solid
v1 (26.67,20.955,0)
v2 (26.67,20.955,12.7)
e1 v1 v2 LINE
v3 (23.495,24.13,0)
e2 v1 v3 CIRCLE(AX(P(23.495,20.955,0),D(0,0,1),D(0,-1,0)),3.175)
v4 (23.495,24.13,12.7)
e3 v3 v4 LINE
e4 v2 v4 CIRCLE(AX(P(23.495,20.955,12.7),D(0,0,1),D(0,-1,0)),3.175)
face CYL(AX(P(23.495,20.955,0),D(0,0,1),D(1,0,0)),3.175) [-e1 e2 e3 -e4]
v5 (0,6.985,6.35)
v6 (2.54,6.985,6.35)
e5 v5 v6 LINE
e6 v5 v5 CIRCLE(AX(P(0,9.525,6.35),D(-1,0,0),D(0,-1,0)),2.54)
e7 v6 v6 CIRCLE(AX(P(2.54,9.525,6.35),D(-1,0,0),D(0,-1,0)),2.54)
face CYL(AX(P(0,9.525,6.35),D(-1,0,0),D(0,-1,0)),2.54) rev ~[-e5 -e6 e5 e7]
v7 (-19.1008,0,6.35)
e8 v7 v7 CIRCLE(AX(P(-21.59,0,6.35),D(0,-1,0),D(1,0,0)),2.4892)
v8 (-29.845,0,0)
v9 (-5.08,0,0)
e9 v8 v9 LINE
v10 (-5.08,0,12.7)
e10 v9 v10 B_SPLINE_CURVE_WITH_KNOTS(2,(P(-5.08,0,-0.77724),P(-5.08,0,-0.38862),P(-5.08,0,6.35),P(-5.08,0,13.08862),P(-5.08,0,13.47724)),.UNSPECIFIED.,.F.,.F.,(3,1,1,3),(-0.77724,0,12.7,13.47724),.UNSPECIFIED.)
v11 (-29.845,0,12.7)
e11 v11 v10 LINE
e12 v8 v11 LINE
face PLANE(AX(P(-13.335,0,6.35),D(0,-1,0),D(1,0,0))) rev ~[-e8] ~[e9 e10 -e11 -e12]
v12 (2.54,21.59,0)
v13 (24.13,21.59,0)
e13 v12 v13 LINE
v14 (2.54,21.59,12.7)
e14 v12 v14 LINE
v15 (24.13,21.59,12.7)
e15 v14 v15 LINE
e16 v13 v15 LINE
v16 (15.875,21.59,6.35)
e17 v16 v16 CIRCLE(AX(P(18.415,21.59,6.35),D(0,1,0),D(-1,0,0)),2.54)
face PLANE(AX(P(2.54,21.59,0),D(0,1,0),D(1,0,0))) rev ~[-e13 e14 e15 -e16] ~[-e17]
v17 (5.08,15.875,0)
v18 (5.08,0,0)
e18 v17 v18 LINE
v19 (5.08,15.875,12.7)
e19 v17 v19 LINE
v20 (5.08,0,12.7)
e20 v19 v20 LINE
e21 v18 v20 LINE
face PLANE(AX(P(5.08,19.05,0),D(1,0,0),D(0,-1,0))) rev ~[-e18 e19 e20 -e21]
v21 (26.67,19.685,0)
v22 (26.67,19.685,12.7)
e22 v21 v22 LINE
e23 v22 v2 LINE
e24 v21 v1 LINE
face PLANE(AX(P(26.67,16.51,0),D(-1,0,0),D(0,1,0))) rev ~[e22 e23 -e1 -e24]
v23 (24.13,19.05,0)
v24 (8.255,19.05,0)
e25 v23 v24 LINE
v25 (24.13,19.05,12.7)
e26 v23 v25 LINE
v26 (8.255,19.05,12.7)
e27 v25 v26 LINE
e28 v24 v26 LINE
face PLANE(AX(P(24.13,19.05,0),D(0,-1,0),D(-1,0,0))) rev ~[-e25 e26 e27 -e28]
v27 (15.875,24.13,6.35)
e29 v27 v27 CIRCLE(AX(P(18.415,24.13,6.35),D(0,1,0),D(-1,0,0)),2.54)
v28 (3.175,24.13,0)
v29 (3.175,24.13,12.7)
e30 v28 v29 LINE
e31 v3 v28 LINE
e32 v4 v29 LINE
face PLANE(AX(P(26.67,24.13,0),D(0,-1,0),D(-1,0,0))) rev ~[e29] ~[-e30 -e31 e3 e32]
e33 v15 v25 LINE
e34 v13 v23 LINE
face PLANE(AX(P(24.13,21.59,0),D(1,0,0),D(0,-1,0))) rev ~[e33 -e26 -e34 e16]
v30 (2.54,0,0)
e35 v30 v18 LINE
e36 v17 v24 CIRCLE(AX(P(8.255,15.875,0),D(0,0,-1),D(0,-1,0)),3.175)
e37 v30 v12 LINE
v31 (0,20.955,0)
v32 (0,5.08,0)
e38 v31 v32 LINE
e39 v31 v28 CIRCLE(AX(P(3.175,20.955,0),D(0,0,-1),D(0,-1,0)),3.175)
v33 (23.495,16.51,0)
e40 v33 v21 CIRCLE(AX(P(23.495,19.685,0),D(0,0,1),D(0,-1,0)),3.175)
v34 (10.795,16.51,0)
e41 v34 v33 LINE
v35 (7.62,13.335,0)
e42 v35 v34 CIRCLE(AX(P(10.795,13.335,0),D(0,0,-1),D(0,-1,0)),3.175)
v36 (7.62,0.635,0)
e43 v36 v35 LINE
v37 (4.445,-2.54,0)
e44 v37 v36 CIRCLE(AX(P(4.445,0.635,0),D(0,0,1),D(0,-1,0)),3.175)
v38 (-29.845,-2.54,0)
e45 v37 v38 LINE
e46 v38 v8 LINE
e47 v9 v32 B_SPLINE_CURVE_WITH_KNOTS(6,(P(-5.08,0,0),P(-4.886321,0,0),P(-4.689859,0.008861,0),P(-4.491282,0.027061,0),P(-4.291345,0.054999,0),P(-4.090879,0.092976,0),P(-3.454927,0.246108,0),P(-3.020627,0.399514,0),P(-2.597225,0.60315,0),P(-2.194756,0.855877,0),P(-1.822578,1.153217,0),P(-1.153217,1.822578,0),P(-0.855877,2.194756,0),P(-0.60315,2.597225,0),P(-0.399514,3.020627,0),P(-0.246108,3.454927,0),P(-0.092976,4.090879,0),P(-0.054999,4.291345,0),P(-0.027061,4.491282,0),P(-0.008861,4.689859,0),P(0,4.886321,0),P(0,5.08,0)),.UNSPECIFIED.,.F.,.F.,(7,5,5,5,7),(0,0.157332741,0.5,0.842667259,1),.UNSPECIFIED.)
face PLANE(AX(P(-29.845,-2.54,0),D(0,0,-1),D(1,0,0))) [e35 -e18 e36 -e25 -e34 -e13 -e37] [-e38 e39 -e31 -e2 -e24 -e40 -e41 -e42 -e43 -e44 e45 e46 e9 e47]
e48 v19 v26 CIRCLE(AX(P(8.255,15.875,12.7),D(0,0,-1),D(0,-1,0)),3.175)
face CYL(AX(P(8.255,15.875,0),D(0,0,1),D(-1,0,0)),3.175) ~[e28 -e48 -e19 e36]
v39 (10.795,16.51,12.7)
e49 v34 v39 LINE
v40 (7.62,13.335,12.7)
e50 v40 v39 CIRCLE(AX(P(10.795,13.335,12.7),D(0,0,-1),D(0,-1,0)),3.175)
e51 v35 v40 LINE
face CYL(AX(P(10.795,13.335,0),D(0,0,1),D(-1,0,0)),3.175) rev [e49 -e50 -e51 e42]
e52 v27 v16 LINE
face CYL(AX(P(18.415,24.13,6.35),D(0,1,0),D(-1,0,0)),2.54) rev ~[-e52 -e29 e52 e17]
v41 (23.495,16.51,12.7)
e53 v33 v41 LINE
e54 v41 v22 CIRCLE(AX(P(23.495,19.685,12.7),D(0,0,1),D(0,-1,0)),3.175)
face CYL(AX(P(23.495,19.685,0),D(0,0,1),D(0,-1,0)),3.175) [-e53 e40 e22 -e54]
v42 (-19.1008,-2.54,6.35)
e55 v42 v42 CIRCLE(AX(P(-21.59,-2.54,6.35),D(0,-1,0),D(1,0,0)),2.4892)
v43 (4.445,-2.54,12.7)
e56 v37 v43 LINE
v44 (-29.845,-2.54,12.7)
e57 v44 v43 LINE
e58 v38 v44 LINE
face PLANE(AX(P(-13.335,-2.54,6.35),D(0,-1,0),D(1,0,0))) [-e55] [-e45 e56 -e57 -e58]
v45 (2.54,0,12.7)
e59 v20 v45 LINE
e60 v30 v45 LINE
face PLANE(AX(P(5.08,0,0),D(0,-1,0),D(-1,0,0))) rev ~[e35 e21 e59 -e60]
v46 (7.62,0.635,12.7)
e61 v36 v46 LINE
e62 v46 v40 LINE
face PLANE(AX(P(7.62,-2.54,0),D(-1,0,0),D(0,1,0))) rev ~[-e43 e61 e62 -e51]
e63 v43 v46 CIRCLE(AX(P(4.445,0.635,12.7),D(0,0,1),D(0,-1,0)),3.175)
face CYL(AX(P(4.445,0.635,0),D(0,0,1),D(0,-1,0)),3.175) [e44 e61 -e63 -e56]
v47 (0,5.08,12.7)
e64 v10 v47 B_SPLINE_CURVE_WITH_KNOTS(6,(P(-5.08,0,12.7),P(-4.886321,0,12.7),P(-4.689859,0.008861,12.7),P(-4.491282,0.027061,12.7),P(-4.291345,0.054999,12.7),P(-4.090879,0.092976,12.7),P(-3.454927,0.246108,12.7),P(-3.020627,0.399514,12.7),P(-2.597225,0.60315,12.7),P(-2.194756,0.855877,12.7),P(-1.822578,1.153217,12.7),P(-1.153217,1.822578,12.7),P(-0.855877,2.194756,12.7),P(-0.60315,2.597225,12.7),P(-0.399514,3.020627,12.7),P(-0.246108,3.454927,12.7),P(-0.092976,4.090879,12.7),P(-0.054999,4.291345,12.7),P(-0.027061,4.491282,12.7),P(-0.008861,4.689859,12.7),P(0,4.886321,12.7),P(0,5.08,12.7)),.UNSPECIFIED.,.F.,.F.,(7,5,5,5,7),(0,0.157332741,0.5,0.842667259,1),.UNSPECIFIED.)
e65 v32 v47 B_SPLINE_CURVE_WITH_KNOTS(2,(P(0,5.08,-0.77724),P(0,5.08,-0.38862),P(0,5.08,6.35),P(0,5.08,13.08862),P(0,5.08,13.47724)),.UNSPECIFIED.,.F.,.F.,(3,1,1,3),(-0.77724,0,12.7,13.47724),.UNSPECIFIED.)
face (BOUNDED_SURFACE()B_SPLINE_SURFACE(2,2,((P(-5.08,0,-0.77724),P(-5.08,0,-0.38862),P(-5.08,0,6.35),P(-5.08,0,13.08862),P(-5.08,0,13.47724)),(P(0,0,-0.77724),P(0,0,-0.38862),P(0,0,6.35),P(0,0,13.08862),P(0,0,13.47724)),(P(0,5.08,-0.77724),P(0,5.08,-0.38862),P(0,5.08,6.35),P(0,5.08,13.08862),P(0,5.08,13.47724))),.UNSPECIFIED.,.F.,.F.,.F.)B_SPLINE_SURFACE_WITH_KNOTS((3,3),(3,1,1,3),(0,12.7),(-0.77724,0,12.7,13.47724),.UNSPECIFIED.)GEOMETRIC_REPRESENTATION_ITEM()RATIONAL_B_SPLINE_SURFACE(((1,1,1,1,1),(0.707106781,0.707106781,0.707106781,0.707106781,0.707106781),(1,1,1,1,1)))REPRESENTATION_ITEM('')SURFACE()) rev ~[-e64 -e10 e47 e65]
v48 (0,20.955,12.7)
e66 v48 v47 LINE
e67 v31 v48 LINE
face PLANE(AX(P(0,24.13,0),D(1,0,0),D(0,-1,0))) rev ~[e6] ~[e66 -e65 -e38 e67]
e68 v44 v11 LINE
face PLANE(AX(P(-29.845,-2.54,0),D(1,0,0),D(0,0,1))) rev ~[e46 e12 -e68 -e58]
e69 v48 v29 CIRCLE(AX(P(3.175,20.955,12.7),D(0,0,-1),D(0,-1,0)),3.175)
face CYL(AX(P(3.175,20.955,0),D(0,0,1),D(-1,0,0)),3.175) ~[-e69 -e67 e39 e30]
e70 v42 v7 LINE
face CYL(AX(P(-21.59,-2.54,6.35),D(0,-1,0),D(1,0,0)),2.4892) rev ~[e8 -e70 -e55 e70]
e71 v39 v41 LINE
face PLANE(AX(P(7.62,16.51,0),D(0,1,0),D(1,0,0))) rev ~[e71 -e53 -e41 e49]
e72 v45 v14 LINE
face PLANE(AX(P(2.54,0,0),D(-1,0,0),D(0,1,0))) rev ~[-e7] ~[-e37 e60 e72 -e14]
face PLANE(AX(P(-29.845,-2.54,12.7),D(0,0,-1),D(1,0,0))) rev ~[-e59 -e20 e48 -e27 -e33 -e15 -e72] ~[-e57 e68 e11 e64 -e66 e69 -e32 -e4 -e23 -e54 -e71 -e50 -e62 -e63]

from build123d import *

# Parameters (mm, degrees)
F1_DEPTH  = 12.7
F2_R      = 3.175
F3_W      = 33.02
F3_H      = 12.7
F4_DEPTH  = 2.54
F5_R      = 5.08
F6_R      = 2.4892
F7_DEPTH  = 2.54
F8_R      = 2.54
F9_DEPTH  = 2.54
F10_R     = 2.54
F11_DEPTH = 2.54


with BuildPart() as f1:
    # F0 (on Top) → F1 (new body)
    with BuildSketch(Plane.XY):
        Polygon((0, 24.13), (0, -2.1948770154), (0, -2.54), (7.62, -2.54), (7.62, 16.51), (26.67, 16.51), (26.67, 24.13), align=None)
        Polygon((5.08, 0), (2.54, 0), (2.54, 21.59), (5.08, 21.59), (24.13, 21.59), (24.13, 19.05), (5.08, 19.05), align=None, mode=Mode.SUBTRACT)
    extrude(amount=F1_DEPTH)

    # F2
    f2_edges = [f1.edges().sort_by_distance(p)[0] for p in [
        (26.67, 24.13, 6.35),
        (26.67, 16.51, 6.35),
        (5.08, 19.05, 6.35),
        (0, 24.13, 6.35),
        (7.62, -2.54, 6.35),
        (0, -2.54, 6.35),
        (7.62, 16.51, 6.35),
    ]]
    fillet(f2_edges, radius=F2_R)

    # F3 (on face) → F4 (join)
    with BuildSketch(Plane.XZ.offset(2.54)):
        with Locations((-13.335, 6.35)):
            Rectangle(F3_W, F3_H)
    extrude(amount=-F4_DEPTH)

    # F5
    f5_edges = [f1.edges().sort_by_distance(p)[0] for p in [
        (0.064148, 0, 6.35),
    ]]
    fillet(f5_edges, radius=F5_R)

    # F6 (on face) → F7 (cut, through all)
    with BuildSketch(Plane.XZ.offset(2.54)):
        with Locations((-21.59, 6.35)):
            Circle(F6_R)
    extrude(amount=-F7_DEPTH, mode=Mode.SUBTRACT)

    # F8 (on face) → F9 (cut, through all)
    with BuildSketch(Plane(origin=(0, 24.13, 0), x_dir=(-1, 0, 0), z_dir=(0, 1, 0))):
        with Locations((-18.415, 6.35)):
            Circle(F8_R)
    extrude(amount=-F9_DEPTH, mode=Mode.SUBTRACT)

    # F10 (on face) → F11 (cut, through all)
    with BuildSketch(Plane(origin=(0, 0, 0), x_dir=(0, -1, 0), z_dir=(-1, 0, 0))):
        with Locations((-9.525, 6.35)):
            Circle(F10_R)
    extrude(amount=-F11_DEPTH, mode=Mode.SUBTRACT)


solid = f1.part
